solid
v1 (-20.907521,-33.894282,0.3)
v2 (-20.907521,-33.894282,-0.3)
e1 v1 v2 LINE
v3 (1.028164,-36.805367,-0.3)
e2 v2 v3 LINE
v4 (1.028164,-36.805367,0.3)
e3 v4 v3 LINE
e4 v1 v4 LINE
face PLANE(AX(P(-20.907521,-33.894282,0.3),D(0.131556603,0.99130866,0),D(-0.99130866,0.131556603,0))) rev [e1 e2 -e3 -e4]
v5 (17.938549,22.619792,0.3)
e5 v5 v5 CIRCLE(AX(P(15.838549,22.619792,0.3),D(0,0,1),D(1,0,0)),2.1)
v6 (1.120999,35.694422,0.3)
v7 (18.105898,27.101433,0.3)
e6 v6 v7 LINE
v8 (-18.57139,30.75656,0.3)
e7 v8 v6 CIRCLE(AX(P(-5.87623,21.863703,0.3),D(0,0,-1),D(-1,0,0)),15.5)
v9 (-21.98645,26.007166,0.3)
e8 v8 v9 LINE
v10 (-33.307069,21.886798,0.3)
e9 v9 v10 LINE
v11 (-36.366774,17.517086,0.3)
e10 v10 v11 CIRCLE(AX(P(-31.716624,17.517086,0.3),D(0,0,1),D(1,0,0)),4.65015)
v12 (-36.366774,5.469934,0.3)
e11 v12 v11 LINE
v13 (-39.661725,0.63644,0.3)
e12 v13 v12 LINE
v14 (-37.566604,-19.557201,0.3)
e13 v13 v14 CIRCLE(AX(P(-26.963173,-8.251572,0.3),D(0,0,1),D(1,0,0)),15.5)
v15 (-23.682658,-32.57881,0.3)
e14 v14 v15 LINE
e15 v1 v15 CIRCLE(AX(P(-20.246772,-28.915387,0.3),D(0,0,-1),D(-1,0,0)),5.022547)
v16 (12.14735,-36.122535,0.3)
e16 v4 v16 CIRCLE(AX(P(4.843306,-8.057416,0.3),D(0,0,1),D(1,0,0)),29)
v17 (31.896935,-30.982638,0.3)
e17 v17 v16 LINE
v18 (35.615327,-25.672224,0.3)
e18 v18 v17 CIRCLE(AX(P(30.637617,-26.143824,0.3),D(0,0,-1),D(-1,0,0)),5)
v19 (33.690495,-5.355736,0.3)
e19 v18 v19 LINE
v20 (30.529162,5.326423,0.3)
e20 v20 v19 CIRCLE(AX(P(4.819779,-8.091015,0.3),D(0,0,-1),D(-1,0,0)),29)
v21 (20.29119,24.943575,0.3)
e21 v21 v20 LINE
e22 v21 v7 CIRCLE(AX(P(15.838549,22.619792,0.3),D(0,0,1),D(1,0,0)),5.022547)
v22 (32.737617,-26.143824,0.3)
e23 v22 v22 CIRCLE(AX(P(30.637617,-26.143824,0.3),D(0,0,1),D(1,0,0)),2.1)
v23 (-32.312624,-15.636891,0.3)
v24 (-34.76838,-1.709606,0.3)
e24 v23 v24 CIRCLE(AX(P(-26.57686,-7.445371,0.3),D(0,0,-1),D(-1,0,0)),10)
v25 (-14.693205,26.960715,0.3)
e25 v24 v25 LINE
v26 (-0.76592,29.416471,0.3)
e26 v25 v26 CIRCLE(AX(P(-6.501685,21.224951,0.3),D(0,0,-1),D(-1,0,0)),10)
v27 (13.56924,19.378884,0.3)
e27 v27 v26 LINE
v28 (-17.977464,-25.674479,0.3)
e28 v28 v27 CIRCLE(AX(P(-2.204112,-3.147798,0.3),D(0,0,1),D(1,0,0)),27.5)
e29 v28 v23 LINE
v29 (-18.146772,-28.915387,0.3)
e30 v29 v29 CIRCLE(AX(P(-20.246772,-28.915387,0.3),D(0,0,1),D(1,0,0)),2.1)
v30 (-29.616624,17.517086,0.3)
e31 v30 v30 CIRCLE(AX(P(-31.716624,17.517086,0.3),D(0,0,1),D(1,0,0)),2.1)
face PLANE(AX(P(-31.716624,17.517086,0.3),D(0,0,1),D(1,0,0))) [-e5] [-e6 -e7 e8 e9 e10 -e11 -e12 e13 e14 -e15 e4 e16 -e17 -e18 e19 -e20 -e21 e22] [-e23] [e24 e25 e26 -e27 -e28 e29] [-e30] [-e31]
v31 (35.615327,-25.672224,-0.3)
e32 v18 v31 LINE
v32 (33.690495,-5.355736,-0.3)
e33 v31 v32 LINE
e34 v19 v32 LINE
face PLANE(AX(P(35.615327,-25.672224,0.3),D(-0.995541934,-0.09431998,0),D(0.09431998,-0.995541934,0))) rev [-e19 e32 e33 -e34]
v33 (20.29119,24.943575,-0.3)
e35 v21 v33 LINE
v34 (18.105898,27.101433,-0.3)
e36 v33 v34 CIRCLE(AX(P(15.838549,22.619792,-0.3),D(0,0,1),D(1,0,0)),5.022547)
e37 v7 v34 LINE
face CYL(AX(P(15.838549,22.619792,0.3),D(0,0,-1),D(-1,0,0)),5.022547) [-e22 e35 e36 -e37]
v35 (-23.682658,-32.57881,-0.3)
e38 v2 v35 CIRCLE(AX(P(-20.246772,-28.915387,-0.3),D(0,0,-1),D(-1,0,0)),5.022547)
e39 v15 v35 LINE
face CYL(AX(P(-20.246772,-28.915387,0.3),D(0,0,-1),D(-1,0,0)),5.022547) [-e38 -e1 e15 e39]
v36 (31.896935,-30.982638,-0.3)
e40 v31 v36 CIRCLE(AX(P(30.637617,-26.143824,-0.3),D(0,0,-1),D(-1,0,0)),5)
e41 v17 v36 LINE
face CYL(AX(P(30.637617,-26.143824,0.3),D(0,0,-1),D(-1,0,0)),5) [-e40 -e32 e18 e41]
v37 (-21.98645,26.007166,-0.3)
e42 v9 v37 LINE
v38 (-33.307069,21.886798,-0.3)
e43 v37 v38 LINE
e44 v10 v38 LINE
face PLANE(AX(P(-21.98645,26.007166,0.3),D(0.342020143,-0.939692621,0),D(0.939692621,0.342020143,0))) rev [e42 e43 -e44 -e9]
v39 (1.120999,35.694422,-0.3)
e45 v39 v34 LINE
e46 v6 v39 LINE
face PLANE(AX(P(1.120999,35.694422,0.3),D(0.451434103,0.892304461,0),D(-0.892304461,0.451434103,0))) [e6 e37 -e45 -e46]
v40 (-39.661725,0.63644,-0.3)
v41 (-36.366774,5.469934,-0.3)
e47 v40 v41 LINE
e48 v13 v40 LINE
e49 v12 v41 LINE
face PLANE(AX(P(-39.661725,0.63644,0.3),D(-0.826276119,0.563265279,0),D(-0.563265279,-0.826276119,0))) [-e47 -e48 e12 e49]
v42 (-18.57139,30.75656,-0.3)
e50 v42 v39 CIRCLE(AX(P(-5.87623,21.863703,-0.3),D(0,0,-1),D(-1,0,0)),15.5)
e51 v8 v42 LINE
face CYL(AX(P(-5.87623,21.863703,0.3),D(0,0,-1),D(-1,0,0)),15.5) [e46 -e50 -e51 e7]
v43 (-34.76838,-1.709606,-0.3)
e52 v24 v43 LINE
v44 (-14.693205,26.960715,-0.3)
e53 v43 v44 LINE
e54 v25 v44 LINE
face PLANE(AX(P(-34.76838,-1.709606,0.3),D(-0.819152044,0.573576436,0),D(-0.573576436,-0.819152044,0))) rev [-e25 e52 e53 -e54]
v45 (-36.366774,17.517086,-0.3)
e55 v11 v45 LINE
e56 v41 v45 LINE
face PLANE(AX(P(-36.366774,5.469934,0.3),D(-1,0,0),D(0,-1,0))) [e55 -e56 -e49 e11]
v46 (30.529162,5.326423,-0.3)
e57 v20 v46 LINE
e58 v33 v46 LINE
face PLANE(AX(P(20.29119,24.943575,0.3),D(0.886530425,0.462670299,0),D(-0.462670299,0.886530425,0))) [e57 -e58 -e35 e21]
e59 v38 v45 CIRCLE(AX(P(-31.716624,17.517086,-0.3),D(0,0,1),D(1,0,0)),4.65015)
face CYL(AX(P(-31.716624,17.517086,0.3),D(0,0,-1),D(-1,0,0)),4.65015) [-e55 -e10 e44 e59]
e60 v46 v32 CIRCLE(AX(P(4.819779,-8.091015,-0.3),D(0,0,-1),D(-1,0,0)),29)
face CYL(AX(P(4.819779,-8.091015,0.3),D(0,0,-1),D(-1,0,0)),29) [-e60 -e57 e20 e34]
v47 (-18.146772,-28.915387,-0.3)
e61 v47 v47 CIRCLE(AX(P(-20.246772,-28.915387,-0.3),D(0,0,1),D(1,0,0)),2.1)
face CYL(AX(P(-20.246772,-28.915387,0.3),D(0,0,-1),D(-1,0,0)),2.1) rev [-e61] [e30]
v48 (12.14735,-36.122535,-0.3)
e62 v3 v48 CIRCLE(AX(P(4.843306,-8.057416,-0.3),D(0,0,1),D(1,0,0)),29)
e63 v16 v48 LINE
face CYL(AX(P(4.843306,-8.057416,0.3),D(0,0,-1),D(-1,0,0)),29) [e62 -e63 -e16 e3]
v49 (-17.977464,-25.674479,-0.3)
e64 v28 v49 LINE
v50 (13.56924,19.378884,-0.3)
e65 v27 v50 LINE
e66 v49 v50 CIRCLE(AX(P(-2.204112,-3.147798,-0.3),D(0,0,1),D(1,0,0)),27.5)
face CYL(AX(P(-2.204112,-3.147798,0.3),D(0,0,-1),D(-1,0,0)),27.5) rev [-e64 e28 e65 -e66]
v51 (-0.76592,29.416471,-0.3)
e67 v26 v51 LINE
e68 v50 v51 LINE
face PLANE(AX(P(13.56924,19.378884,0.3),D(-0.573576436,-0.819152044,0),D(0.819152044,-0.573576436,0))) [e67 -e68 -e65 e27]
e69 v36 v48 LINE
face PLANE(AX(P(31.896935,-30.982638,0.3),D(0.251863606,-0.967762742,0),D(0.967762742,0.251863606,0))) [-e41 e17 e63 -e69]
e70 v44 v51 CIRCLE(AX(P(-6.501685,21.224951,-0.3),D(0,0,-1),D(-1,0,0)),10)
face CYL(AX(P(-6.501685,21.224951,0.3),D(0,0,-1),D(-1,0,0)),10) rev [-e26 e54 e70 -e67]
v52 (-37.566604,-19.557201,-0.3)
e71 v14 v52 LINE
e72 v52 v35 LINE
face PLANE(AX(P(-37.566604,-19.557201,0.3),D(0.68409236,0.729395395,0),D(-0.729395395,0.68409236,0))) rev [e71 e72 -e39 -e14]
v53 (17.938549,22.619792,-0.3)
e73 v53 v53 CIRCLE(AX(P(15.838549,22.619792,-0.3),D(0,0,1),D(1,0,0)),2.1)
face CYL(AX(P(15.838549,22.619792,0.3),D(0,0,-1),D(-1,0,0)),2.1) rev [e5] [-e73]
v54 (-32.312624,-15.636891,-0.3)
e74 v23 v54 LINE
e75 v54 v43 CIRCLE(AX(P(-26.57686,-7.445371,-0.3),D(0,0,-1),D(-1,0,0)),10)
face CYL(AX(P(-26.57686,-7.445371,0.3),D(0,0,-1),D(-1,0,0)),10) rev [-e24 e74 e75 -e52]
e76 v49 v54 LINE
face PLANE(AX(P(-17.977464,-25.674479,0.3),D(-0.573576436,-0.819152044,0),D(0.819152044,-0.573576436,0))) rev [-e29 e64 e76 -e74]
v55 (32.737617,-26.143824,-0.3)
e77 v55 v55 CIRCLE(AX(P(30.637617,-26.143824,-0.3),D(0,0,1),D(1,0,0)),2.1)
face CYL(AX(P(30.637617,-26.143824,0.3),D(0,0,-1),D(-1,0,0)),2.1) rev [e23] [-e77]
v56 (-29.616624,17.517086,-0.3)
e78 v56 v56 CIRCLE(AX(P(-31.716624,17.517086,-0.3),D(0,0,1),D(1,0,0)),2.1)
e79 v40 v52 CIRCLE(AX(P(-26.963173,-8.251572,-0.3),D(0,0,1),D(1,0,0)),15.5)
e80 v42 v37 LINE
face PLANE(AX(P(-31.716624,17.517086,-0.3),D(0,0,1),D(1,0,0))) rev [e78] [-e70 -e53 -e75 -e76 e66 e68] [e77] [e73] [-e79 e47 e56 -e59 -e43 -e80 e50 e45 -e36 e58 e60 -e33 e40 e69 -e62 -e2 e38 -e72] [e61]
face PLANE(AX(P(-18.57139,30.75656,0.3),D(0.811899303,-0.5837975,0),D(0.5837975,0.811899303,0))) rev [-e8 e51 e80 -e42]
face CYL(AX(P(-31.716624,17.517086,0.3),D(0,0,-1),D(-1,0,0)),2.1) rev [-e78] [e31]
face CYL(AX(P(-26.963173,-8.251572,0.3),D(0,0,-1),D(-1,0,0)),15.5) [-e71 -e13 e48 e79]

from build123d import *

# Parameters (mm, degrees)
ESQUISSE1_R          = 2.1
BASE_EXTRUSION_DEPTH = 0.3


with BuildPart() as part:
    # Esquisse1 → Base-Extrusion (new, symmetric)
    with BuildSketch(Plane.XY):
        with BuildLine():
            Line((35.615327088, -25.672223926), (33.690495331, -5.355736059))
            ThreePointArc((33.690495331, -5.355736059), (32.627582421, 0.138570374), (30.529161577, 5.326423206))
            Line((30.529161577, 5.326423206), (20.291189648, 24.943575231))
            ThreePointArc((20.291189648, 24.943575231), (19.367522251, 26.19363098), (18.105897834, 27.101433088))
            Line((18.105897834, 27.101433088), (1.120998661, 35.694422442))
            ThreePointArc((1.120998661, 35.694422442), (-9.646140892, 36.898255889), (-18.57139047, 30.756559943))
            Line((-18.57139047, 30.756559943), (-21.986449586, 26.007166333))
            Line((-21.986449586, 26.007166333), (-33.307069298, 21.886797725))
            ThreePointArc((-33.307069298, 21.886797725), (-35.52580407, 20.184302655), (-36.366774139, 17.517086354))
            Line((-36.366774139, 17.517086354), (-36.366774139, 5.469934486))
            Line((-36.366774139, 5.469934486), (-39.661725259, 0.636440352))
            ThreePointArc((-39.661725259, 0.636440352), (-42.380416479, -9.851134542), (-37.566604459, -19.557200839))
            Line((-37.566604459, -19.557200839), (-23.682658123, -32.578809807))
            ThreePointArc((-23.682658123, -32.578809807), (-22.398102217, -33.453862354), (-20.907521199, -33.894281545))
            Line((-20.907521199, -33.894281545), (1.028164427, -36.805367071))
            ThreePointArc((1.028164427, -36.805367071), (6.620853648, -37.002887485), (12.147350486, -36.122535429))
            Line((12.147350486, -36.122535429), (31.896935448, -30.982637535))
            ThreePointArc((31.896935448, -30.982637535), (34.733377642, -29.011706008), (35.615327088, -25.672223926))
        make_face()
        with Locations((15.838548739, 22.619791811)):
            Circle(ESQUISSE1_R, mode=Mode.SUBTRACT)
        with Locations((-31.716624427, 17.517086354)):
            Circle(ESQUISSE1_R, mode=Mode.SUBTRACT)
        with Locations((-20.246771948, -28.915387001)):
            Circle(ESQUISSE1_R, mode=Mode.SUBTRACT)
        with Locations((30.63761742, -26.143823826)):
            Circle(ESQUISSE1_R, mode=Mode.SUBTRACT)
        with BuildLine():
            Line((-34.768380459, -1.709606371), (-14.693205187, 26.96071518))
            ThreePointArc((-14.693205187, 26.96071518), (-8.23816652, 31.073028346), (-0.76592038, 29.416471259))
            Line((-0.76592038, 29.416471259), (13.569240395, 19.378883623))
            ThreePointArc((13.569240395, 19.378883623), (20.322569613, -18.921149595), (-17.977463605, -25.674478813))
            Line((-17.977463605, -25.674478813), (-32.31262438, -15.636891177))
            ThreePointArc((-32.31262438, -15.636891177), (-36.424937546, -9.181852511), (-34.768380459, -1.709606371))
        make_face(mode=Mode.SUBTRACT)
    extrude(amount=BASE_EXTRUSION_DEPTH, both=True)


solid = part.part
